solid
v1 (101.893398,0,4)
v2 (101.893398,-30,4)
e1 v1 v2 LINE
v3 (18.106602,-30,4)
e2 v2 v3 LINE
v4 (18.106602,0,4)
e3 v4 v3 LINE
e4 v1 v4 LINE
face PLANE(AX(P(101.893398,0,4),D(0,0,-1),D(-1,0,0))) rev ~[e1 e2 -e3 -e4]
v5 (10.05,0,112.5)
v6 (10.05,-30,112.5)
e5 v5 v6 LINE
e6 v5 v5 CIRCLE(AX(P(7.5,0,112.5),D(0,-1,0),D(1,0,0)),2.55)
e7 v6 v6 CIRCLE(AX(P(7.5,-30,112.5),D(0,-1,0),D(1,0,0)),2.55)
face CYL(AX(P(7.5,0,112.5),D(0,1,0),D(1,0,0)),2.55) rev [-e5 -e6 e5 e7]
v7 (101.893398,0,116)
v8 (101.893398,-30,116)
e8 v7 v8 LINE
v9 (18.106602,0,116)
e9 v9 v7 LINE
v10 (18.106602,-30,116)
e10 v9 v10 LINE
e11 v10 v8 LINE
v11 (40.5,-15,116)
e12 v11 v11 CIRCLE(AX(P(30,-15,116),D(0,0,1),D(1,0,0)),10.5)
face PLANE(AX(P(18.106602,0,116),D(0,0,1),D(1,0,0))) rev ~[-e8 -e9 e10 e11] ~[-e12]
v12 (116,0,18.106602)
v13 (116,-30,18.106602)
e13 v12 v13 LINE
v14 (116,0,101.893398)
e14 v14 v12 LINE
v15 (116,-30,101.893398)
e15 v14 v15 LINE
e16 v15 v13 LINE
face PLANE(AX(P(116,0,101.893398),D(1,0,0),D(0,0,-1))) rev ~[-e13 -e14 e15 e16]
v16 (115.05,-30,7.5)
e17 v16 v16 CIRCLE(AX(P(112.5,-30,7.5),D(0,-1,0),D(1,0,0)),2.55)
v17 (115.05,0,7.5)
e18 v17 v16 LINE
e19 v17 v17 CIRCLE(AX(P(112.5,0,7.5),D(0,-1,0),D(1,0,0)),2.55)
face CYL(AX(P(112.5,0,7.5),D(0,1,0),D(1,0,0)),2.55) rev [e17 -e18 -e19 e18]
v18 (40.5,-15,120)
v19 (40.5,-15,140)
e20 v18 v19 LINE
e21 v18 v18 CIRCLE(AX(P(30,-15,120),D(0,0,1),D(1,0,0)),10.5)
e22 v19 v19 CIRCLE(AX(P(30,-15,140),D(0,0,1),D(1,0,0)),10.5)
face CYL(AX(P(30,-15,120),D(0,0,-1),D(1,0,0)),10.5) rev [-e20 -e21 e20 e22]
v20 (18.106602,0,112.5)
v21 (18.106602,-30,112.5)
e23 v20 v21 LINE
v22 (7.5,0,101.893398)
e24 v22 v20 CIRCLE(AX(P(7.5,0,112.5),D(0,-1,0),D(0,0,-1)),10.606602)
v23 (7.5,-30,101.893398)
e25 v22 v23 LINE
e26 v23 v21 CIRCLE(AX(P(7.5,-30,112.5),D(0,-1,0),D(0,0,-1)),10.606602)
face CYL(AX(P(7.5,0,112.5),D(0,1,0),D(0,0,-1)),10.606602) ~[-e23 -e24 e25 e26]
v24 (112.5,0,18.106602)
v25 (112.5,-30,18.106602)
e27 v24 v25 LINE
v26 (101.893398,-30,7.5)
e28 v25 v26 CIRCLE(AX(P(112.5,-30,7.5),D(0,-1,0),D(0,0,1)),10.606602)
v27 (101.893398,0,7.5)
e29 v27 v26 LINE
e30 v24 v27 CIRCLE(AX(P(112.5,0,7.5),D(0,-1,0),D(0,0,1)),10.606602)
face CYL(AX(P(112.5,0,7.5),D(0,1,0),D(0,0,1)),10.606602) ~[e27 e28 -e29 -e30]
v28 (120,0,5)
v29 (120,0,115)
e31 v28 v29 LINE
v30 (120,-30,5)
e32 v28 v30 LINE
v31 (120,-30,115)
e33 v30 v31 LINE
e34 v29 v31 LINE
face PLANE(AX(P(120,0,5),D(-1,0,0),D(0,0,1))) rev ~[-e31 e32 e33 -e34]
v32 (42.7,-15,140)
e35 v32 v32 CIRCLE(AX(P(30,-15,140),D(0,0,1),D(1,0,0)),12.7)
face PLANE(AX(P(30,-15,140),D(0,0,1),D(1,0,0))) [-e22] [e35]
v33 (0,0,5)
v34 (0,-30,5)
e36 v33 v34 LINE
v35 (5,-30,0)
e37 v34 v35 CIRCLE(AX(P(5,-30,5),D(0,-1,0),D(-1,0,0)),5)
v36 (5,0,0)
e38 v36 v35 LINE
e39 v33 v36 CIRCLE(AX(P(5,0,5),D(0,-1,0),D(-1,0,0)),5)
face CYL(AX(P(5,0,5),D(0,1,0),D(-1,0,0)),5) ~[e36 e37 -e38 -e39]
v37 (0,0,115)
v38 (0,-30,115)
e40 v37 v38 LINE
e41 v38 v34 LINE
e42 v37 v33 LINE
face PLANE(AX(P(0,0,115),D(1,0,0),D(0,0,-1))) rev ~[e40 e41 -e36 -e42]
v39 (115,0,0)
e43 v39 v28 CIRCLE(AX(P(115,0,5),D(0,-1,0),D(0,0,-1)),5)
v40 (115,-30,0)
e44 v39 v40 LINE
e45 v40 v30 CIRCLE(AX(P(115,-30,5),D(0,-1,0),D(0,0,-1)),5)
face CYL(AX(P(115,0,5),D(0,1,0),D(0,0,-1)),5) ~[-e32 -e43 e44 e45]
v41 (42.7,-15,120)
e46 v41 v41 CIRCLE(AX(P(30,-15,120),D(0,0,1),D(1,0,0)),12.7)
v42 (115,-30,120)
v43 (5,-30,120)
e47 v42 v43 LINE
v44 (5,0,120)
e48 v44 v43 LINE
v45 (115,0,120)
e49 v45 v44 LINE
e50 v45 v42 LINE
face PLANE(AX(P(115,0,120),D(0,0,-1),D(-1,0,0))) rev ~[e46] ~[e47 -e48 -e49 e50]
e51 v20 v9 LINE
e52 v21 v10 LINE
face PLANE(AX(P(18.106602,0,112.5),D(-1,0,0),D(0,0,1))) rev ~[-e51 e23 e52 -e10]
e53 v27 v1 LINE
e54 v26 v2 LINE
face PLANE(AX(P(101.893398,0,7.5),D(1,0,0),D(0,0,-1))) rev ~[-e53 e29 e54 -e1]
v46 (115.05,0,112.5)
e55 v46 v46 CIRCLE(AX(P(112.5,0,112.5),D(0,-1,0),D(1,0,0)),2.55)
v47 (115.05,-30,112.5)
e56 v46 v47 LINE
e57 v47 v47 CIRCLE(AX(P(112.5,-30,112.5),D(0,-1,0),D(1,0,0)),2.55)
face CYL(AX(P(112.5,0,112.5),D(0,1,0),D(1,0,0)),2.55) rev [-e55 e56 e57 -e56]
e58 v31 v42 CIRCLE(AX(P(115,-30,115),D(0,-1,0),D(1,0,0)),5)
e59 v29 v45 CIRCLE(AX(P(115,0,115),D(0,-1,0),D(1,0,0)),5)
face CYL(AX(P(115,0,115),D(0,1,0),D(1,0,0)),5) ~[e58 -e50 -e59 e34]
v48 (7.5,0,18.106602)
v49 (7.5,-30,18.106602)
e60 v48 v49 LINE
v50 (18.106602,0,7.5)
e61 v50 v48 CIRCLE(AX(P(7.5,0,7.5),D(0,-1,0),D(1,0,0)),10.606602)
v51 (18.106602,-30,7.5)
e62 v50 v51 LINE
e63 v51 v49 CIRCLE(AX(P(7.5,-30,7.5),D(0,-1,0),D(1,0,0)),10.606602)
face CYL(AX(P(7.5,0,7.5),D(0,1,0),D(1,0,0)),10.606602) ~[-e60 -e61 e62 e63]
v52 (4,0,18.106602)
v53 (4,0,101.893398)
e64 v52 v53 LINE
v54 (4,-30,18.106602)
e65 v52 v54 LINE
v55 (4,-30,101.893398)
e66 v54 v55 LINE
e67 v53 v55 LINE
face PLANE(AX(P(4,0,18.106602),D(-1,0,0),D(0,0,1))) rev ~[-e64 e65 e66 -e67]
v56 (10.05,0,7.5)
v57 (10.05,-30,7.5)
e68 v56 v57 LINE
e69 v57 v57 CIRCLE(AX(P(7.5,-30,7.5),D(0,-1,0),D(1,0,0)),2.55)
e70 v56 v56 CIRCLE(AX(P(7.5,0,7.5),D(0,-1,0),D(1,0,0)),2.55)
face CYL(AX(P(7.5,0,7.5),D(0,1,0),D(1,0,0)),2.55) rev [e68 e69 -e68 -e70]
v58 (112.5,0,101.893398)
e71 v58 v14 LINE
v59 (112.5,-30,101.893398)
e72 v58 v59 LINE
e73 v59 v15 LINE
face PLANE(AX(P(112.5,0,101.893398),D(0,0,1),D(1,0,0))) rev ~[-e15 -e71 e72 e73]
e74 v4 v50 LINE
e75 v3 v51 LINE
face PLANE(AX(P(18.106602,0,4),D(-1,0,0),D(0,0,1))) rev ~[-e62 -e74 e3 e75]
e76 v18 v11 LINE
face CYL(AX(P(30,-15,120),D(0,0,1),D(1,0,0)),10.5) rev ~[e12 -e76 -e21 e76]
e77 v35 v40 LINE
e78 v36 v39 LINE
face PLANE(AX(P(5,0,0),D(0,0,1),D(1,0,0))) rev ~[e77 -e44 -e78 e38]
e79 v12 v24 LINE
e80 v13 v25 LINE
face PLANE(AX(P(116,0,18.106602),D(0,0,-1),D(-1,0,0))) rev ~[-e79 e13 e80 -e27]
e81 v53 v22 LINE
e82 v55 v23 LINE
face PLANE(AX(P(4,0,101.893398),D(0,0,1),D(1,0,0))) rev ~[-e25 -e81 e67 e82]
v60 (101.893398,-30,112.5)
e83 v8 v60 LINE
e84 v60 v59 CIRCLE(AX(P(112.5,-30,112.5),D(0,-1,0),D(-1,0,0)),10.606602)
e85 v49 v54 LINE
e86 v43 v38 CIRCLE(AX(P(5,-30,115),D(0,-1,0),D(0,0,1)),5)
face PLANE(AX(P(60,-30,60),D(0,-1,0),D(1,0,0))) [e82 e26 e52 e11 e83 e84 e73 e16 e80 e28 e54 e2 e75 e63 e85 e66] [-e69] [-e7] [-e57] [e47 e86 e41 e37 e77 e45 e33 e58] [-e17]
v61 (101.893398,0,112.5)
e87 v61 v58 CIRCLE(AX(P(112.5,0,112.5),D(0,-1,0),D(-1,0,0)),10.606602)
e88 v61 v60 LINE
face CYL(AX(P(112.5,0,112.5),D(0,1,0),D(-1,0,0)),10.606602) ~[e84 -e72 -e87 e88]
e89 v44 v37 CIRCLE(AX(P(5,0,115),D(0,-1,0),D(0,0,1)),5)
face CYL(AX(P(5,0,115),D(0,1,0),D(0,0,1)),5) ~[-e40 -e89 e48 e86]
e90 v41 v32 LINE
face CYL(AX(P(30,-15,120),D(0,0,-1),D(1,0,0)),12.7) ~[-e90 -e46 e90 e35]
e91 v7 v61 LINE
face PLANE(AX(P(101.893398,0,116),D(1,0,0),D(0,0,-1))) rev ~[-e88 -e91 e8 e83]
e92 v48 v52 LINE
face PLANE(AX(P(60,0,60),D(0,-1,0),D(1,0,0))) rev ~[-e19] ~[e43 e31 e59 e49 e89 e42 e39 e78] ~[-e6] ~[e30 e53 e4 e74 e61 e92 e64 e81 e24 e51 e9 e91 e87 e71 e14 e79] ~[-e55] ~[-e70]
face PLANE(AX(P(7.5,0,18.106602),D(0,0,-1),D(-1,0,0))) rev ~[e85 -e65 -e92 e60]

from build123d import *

# Parameters (mm, degrees)
F0_R     = 2.55
F1_DEPTH = 30
F2_R     = 12.7
F2_R_2   = 10.5
F3_DEPTH = 20
F4_DEPTH = 25


with BuildPart() as f1:
    # F0 (on Front) → F1 (new body)
    with BuildSketch(Plane.XZ):
        with BuildLine():
            ThreePointArc((0, 5), (1.4644660941, 1.4644660941), (5, 0))
            Line((5, 0), (115, 0))
            ThreePointArc((115, 0), (118.5355339059, 1.4644660941), (120, 5))
            Line((120, 5), (120, 115))
            ThreePointArc((120, 115), (118.5355339059, 118.5355339059), (115, 120))
            Line((115, 120), (5, 120))
            ThreePointArc((5, 120), (1.4644660941, 118.5355339059), (0, 115))
            Line((0, 115), (0, 5))
        make_face()
        with Locations((7.5, 7.5)):
            Circle(F0_R, mode=Mode.SUBTRACT)
        with Locations((112.5, 7.5)):
            Circle(F0_R, mode=Mode.SUBTRACT)
        with BuildLine():
            Line((4, 101.8933982822), (7.5, 101.8933982822))
            ThreePointArc((7.5, 101.8933982822), (15, 105), (18.1066017178, 112.5))
            Line((18.1066017178, 112.5), (18.1066017178, 116))
            Line((18.1066017178, 116), (101.8933982822, 116))
            Line((101.8933982822, 116), (101.8933982822, 112.5))
            ThreePointArc((101.8933982822, 112.5), (105, 105), (112.5, 101.8933982822))
            Line((112.5, 101.8933982822), (116, 101.8933982822))
            Line((116, 101.8933982822), (116, 18.1066017178))
            Line((116, 18.1066017178), (112.5, 18.1066017178))
            ThreePointArc((112.5, 18.1066017178), (105, 15), (101.8933982822, 7.5))
            Line((101.8933982822, 7.5), (101.8933982822, 4))
            Line((101.8933982822, 4), (18.1066017178, 4))
            Line((18.1066017178, 4), (18.1066017178, 7.5))
            ThreePointArc((18.1066017178, 7.5), (15, 15), (7.5, 18.1066017178))
            Line((7.5, 18.1066017178), (4, 18.1066017178))
            Line((4, 18.1066017178), (4, 101.8933982822))
        make_face(mode=Mode.SUBTRACT)
        with Locations((7.5, 112.5)):
            Circle(F0_R, mode=Mode.SUBTRACT)
        with Locations((112.5, 112.5)):
            Circle(F0_R, mode=Mode.SUBTRACT)
    extrude(amount=F1_DEPTH)

    # F2 (on face) → F3 (join)
    with BuildSketch(Plane.XY.offset(120)):
        with Locations((30, -15)):
            Circle(F2_R)
        with Locations((30, -15)):
            Circle(F2_R_2, mode=Mode.SUBTRACT)
    extrude(amount=F3_DEPTH)

    # F4 (cut): a face of the model
    f4_faces = [f1.faces().sort_by_distance(p)[0] for p in [
        (30, -15, 120),
    ]]
    extrude(f4_faces, amount=-F4_DEPTH, mode=Mode.SUBTRACT)


solid = f1.part
